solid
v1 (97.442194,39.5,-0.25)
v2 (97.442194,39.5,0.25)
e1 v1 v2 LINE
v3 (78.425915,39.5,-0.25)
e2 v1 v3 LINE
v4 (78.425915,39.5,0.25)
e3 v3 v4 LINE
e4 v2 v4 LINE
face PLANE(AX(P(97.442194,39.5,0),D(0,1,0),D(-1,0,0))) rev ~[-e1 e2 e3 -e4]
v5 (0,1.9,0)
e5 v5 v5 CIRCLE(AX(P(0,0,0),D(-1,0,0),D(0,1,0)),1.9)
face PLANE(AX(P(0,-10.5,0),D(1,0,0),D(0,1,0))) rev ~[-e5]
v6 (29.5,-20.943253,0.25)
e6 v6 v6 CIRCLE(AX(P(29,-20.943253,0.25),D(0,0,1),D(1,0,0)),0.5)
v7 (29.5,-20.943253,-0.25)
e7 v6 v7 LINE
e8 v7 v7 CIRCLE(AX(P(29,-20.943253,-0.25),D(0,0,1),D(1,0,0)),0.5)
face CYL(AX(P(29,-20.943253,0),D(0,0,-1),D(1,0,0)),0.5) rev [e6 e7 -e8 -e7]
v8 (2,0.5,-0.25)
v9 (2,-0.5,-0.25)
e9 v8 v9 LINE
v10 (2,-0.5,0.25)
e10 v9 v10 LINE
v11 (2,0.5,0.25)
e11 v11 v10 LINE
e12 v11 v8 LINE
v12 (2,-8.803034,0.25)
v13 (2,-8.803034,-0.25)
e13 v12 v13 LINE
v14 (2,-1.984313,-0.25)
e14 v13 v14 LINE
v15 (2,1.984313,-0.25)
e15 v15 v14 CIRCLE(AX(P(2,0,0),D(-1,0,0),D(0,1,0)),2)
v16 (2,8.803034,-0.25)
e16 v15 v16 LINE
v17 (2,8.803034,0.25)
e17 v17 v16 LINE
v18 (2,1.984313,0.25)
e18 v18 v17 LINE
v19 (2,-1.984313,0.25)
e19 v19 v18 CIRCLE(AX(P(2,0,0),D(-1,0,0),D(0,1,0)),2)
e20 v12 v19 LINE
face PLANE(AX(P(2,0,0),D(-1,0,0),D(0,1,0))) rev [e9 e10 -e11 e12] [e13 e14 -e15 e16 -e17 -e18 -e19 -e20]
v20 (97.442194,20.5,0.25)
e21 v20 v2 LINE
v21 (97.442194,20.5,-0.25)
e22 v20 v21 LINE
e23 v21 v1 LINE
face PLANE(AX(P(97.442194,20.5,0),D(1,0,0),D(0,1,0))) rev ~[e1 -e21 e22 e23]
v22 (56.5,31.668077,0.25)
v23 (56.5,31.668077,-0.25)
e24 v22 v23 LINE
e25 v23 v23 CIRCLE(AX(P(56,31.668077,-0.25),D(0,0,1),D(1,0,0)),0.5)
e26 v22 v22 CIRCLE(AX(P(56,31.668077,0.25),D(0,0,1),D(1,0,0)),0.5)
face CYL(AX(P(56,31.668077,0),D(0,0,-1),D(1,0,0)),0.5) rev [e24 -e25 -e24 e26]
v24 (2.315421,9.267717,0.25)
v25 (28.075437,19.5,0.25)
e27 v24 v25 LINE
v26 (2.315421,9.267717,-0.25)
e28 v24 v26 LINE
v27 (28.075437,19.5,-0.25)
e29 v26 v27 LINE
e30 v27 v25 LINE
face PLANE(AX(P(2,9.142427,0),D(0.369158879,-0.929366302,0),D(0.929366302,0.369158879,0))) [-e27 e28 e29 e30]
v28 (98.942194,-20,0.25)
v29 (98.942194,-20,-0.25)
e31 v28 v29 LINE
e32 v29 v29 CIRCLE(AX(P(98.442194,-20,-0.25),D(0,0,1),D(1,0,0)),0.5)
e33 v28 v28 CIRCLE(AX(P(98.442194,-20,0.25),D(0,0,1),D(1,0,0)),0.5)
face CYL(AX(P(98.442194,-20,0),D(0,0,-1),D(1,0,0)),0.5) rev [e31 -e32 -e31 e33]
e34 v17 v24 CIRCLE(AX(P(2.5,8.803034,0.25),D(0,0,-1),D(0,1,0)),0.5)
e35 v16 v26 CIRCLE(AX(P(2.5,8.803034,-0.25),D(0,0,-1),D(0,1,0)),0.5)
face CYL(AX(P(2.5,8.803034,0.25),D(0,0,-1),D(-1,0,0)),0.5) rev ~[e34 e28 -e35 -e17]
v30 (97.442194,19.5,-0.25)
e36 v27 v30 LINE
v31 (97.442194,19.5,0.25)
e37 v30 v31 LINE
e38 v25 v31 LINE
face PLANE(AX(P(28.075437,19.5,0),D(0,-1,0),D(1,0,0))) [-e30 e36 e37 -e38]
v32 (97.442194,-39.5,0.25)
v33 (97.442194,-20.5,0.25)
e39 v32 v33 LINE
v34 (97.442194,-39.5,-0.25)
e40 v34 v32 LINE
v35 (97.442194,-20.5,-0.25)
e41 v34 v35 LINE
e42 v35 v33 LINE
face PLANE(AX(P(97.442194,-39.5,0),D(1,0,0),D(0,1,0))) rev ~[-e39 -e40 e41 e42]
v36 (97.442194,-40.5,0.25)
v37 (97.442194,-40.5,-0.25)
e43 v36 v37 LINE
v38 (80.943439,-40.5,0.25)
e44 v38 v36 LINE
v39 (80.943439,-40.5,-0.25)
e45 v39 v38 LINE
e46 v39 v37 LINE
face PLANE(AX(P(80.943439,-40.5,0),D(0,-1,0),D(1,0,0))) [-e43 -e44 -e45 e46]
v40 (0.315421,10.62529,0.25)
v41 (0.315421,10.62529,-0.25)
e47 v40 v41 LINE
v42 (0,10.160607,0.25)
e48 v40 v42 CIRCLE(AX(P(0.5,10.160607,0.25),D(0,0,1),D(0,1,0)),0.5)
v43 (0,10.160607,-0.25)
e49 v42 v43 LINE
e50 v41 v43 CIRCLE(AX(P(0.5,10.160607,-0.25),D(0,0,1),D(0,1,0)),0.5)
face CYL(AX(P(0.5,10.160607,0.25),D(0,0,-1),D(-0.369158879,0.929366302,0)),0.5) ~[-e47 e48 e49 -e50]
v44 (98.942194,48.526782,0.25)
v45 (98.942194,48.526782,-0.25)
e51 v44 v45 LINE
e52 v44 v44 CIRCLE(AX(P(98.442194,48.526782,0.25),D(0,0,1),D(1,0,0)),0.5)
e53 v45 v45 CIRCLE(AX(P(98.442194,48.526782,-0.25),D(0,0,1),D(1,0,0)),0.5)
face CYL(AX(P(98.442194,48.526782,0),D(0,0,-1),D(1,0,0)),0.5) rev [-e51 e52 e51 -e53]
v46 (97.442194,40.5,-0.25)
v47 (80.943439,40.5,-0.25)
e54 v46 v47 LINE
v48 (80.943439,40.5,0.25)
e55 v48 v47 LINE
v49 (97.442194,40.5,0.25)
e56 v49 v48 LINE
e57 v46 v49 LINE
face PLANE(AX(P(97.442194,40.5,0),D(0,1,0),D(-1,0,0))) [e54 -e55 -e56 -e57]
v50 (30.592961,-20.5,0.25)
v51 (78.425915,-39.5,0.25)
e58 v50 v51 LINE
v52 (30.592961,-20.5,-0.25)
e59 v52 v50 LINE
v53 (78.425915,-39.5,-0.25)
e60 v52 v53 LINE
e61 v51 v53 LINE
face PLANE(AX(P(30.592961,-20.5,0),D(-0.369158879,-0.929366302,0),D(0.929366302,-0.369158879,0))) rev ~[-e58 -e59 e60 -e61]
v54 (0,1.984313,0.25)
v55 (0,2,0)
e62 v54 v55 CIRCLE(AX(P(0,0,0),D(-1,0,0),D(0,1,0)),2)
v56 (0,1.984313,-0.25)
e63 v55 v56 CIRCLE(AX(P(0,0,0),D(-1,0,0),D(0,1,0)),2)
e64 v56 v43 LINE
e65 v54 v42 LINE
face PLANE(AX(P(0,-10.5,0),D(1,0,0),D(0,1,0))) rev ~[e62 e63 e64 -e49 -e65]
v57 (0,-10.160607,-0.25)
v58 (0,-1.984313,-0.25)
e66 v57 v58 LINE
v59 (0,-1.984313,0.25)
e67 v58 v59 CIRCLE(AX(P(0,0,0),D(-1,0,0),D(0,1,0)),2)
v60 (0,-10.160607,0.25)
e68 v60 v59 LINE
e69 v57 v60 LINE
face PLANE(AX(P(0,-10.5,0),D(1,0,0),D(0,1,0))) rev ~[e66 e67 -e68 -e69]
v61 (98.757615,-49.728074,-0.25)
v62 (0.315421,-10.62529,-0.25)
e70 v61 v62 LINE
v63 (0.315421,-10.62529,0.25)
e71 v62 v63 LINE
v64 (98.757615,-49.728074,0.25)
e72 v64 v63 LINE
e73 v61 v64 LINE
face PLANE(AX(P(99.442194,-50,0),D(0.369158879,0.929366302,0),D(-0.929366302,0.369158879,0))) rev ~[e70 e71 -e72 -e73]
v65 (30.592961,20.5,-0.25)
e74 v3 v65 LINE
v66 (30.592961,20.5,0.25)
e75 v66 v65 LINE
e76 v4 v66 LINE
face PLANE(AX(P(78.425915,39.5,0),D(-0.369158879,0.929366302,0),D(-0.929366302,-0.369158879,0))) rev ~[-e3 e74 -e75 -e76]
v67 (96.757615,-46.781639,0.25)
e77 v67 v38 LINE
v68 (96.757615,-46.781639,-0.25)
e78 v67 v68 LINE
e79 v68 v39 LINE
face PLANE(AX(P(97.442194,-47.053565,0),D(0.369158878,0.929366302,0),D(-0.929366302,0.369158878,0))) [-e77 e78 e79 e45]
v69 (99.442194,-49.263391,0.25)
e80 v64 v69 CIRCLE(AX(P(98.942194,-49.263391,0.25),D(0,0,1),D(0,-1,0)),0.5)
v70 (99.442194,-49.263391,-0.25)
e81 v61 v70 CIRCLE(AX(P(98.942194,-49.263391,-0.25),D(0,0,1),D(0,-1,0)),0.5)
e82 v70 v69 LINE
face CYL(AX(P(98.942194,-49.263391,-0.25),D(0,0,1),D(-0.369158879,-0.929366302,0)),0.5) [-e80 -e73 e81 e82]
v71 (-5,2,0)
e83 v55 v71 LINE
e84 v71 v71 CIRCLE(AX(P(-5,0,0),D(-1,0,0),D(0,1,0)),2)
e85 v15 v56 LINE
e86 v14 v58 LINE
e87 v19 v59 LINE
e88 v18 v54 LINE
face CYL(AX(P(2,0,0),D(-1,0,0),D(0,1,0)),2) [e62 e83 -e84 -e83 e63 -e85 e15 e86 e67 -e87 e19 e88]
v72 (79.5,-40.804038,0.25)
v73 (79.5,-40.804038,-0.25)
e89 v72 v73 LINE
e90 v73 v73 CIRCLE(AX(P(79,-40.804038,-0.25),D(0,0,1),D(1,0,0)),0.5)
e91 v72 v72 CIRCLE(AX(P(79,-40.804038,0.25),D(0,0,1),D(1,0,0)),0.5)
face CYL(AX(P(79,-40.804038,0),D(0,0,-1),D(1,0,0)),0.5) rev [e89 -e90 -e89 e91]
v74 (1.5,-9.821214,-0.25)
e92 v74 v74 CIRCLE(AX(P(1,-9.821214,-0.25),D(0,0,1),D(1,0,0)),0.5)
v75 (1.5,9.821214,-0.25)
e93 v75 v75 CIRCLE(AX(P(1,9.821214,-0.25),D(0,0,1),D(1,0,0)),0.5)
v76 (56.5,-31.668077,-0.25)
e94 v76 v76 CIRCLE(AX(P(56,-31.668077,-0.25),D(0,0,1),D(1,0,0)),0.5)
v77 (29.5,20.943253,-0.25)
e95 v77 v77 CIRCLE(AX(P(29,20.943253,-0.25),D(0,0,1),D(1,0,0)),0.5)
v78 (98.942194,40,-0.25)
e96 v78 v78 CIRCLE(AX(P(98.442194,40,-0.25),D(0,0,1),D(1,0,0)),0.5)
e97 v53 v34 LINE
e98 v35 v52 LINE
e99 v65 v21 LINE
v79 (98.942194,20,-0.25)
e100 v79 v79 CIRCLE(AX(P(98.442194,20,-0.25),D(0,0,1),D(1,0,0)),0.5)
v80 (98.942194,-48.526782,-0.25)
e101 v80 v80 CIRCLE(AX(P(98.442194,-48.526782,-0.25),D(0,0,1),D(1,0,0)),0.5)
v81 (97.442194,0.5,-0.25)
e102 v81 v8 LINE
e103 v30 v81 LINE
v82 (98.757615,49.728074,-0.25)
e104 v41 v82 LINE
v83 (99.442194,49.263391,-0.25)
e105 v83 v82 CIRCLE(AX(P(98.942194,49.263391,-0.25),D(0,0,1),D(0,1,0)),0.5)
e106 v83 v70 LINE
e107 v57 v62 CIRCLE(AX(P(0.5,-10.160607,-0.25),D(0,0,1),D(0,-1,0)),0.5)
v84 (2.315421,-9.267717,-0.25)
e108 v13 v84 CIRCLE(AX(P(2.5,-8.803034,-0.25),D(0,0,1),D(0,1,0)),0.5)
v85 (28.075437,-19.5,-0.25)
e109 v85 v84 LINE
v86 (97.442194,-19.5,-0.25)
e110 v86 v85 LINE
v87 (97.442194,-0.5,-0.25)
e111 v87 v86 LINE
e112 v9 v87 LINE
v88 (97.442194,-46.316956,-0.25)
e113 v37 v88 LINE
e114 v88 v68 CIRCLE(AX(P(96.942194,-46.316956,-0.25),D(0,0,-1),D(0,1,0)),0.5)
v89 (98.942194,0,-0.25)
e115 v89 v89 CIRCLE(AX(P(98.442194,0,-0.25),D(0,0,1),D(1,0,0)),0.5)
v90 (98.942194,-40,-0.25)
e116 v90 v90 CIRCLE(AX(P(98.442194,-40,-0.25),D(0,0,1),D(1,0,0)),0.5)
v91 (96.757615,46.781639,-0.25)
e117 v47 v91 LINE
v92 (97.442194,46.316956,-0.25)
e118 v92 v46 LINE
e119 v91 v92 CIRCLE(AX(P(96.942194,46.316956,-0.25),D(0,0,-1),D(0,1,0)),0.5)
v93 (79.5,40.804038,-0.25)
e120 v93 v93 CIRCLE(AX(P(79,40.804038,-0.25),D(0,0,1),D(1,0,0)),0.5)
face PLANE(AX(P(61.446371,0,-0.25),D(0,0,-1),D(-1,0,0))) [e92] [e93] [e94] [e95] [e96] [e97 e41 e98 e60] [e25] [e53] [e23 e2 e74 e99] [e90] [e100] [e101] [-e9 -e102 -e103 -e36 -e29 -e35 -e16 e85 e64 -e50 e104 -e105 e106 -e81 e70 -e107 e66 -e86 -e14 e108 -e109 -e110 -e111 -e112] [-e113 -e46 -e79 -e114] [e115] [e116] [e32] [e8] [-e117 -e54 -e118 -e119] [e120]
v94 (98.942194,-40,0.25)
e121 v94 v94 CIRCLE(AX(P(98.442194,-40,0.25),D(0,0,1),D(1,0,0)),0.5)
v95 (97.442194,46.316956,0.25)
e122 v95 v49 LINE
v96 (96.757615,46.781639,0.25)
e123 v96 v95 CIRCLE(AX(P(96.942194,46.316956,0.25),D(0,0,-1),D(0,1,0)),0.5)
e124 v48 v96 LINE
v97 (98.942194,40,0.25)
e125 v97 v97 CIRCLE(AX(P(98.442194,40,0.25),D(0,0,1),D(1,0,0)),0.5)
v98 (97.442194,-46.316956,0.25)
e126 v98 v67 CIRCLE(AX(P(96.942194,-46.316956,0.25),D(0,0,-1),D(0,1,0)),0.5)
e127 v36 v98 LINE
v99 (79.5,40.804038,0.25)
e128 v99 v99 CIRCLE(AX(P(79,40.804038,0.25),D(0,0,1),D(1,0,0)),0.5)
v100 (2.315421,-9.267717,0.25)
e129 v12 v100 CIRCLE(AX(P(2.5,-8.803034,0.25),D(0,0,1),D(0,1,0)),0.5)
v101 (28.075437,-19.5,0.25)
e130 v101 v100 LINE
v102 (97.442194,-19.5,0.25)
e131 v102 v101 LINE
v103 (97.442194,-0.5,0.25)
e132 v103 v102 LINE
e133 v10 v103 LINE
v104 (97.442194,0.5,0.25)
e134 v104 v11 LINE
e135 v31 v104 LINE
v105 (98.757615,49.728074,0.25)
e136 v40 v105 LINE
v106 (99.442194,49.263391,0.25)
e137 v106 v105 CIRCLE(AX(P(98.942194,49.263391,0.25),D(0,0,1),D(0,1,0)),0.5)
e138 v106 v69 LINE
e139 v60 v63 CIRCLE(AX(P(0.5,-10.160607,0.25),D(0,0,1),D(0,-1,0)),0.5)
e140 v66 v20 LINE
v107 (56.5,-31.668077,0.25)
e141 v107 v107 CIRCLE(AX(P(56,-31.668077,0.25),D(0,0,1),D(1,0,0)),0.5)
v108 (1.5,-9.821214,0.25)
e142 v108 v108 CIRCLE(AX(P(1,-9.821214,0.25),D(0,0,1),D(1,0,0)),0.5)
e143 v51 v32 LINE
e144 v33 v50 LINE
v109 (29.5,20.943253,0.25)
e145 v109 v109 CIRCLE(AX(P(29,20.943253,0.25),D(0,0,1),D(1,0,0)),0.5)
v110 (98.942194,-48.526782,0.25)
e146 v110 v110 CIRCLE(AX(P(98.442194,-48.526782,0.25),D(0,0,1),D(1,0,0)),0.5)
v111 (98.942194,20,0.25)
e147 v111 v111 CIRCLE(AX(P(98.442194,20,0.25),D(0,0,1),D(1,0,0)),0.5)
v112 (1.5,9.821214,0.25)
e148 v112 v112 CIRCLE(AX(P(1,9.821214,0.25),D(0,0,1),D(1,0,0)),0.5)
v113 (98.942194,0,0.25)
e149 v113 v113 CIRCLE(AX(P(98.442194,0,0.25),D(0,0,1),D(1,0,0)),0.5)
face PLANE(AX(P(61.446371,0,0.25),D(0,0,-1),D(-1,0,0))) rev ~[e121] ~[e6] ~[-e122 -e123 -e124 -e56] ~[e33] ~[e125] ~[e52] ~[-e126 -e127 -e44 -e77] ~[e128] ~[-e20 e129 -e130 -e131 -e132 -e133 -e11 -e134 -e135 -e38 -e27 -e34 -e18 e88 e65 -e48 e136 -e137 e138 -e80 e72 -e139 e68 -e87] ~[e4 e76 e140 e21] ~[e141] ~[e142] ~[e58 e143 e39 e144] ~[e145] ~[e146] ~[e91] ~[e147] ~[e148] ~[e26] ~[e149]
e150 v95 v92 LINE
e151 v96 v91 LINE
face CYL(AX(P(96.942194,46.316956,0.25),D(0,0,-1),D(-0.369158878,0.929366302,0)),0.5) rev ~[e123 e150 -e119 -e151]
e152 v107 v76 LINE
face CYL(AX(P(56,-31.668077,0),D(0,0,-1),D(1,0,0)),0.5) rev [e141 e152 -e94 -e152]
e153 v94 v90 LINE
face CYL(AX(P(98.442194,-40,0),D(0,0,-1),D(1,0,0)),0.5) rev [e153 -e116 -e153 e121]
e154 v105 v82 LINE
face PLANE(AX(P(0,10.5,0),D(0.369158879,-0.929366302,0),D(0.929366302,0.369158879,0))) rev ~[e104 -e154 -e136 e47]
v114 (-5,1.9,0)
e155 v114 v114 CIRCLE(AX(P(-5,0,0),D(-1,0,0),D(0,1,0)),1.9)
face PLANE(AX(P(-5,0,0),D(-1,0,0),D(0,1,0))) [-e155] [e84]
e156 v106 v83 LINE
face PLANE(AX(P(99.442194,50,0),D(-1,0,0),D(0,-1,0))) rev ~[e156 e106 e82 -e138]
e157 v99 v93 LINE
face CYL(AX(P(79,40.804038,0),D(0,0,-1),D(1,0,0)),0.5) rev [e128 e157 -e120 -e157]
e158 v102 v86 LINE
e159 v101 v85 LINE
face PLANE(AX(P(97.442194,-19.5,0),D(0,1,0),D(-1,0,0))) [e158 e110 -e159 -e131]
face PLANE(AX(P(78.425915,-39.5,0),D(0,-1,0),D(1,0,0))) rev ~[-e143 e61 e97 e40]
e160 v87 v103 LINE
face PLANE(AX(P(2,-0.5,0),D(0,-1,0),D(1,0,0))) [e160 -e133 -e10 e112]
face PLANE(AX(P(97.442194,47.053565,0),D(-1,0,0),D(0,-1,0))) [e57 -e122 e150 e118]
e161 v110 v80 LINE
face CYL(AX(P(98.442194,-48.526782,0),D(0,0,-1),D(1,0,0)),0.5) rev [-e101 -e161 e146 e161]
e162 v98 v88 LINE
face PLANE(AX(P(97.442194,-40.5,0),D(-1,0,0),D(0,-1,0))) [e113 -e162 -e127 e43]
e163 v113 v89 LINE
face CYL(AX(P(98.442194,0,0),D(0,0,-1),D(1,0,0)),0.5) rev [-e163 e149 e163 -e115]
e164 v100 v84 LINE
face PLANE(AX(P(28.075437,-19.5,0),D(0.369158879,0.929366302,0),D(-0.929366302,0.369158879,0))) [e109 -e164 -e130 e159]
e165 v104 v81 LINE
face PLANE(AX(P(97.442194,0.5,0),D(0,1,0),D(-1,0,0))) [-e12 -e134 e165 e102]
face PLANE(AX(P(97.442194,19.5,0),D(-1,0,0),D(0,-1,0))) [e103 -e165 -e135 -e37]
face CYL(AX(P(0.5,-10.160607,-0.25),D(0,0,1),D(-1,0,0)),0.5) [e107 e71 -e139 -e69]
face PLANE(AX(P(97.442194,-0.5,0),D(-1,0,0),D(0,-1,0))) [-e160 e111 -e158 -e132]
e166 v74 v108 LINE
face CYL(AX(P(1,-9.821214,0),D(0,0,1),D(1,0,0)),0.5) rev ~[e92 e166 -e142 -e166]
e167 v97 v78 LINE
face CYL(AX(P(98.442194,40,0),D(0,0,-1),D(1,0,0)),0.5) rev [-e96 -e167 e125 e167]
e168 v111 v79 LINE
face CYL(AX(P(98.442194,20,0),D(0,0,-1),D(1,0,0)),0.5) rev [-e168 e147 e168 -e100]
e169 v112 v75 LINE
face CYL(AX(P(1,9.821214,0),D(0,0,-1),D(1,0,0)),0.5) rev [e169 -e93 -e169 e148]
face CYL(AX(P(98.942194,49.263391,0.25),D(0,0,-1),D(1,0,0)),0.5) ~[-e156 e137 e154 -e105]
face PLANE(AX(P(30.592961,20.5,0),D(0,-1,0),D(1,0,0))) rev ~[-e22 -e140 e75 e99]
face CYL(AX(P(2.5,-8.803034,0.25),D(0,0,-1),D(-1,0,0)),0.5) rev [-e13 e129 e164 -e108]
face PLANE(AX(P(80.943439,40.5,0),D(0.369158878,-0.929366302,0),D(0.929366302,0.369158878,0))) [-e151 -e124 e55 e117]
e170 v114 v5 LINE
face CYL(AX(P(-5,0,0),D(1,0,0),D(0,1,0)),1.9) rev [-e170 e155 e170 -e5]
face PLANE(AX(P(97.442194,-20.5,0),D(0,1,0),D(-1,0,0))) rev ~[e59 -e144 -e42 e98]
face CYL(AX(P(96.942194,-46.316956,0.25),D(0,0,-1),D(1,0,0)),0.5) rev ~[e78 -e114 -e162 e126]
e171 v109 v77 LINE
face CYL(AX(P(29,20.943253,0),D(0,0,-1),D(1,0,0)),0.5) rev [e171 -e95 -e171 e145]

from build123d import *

# Parameters (mm, degrees)
EXTRUDE_1_DEPTH     = 0.25
SKETCH_4_R          = 0.5
CUT_EXTRUDE_1_DEPTH = 0.25
FILLET_1_R          = 0.5


with BuildPart() as part:
    # 草图1 → 凸台-拉伸1 (new body, symmetric)
    with BuildSketch(Plane.XY):
        Polygon((0, -10.5), (0, 10.5), (99.442194264, 50), (99.442194264, -50), align=None)
        Polygon((2, 9.142427382), (28.075436668, 19.5), (97.442194264, 19.5), (97.442194264, 0.5), (2, 0.5), align=None, mode=Mode.SUBTRACT)
        Polygon((97.442194264, 47.053564614), (97.442194264, 40.5), (80.943438681, 40.5), align=None, mode=Mode.SUBTRACT)
        Polygon((97.442194264, -47.053564614), (80.943438681, -40.5), (97.442194264, -40.5), align=None, mode=Mode.SUBTRACT)
        Polygon((2, -9.142427382), (2, -0.5), (97.442194264, -0.5), (97.442194264, -19.5), (28.075436668, -19.5), align=None, mode=Mode.SUBTRACT)
        Polygon((30.592960573, 20.5), (97.442194264, 20.5), (97.442194264, 39.5), (78.425914776, 39.5), align=None, mode=Mode.SUBTRACT)
        Polygon((78.425914776, -39.5), (97.442194264, -39.5), (97.442194264, -20.5), (30.592960573, -20.5), align=None, mode=Mode.SUBTRACT)
    extrude(amount=EXTRUDE_1_DEPTH, both=True)

    # 草图4 → 切除-拉伸1 (cut, symmetric)
    with BuildSketch(Plane.XY):
        with Locations((1, 9.821213691)):
            Circle(SKETCH_4_R)
        with Locations((29, 20.943253065)):
            Circle(SKETCH_4_R)
        with Locations((56, 31.668076746)):
            Circle(SKETCH_4_R)
        with Locations((79, 40.80403766)):
            Circle(SKETCH_4_R)
        with Locations((98.442194264, 48.526782307)):
            Circle(SKETCH_4_R)
        with Locations((98.442194264, 40)):
            Circle(SKETCH_4_R)
        with Locations((98.442194264, 20)):
            Circle(SKETCH_4_R)
        with Locations((98.442194264, 0)):
            Circle(SKETCH_4_R)
        with Locations((98.442194264, -20)):
            Circle(SKETCH_4_R)
        with Locations((98.442194264, -40)):
            Circle(SKETCH_4_R)
        with Locations((98.442194264, -48.526782307)):
            Circle(SKETCH_4_R)
        with Locations((79, -40.80403766)):
            Circle(SKETCH_4_R)
        with Locations((56, -31.668076746)):
            Circle(SKETCH_4_R)
        with Locations((29, -20.943253065)):
            Circle(SKETCH_4_R)
        with Locations((1, -9.821213691)):
            Circle(SKETCH_4_R)
    extrude(amount=CUT_EXTRUDE_1_DEPTH, both=True, mode=Mode.SUBTRACT)

    # 草图5 → 旋转1 (revolve)
    with BuildSketch(Plane.XY):
        Polygon((2, 0), (2, 2), (-5, 2), (-5, 1.9), (0, 1.9), (0, 0), align=None)
    revolve(axis=Axis((0, 0, 0), (-1, 0, 0)))

    # 圆角1
    fillet_1_edges = [part.edges().sort_by_distance(p)[0] for p in [
        (2, 9.142427382, 0),
        (97.442194264, 47.053564614, 0),
        (97.442194264, -47.053564614, 0),
        (2, -9.142427382, 0),
        (99.442194264, 50, 0),
        (99.442194264, -50, 0),
        (0, -10.5, 0),
        (0, 10.5, 0),
    ]]
    fillet(fillet_1_edges, radius=FILLET_1_R)


solid = part.part
